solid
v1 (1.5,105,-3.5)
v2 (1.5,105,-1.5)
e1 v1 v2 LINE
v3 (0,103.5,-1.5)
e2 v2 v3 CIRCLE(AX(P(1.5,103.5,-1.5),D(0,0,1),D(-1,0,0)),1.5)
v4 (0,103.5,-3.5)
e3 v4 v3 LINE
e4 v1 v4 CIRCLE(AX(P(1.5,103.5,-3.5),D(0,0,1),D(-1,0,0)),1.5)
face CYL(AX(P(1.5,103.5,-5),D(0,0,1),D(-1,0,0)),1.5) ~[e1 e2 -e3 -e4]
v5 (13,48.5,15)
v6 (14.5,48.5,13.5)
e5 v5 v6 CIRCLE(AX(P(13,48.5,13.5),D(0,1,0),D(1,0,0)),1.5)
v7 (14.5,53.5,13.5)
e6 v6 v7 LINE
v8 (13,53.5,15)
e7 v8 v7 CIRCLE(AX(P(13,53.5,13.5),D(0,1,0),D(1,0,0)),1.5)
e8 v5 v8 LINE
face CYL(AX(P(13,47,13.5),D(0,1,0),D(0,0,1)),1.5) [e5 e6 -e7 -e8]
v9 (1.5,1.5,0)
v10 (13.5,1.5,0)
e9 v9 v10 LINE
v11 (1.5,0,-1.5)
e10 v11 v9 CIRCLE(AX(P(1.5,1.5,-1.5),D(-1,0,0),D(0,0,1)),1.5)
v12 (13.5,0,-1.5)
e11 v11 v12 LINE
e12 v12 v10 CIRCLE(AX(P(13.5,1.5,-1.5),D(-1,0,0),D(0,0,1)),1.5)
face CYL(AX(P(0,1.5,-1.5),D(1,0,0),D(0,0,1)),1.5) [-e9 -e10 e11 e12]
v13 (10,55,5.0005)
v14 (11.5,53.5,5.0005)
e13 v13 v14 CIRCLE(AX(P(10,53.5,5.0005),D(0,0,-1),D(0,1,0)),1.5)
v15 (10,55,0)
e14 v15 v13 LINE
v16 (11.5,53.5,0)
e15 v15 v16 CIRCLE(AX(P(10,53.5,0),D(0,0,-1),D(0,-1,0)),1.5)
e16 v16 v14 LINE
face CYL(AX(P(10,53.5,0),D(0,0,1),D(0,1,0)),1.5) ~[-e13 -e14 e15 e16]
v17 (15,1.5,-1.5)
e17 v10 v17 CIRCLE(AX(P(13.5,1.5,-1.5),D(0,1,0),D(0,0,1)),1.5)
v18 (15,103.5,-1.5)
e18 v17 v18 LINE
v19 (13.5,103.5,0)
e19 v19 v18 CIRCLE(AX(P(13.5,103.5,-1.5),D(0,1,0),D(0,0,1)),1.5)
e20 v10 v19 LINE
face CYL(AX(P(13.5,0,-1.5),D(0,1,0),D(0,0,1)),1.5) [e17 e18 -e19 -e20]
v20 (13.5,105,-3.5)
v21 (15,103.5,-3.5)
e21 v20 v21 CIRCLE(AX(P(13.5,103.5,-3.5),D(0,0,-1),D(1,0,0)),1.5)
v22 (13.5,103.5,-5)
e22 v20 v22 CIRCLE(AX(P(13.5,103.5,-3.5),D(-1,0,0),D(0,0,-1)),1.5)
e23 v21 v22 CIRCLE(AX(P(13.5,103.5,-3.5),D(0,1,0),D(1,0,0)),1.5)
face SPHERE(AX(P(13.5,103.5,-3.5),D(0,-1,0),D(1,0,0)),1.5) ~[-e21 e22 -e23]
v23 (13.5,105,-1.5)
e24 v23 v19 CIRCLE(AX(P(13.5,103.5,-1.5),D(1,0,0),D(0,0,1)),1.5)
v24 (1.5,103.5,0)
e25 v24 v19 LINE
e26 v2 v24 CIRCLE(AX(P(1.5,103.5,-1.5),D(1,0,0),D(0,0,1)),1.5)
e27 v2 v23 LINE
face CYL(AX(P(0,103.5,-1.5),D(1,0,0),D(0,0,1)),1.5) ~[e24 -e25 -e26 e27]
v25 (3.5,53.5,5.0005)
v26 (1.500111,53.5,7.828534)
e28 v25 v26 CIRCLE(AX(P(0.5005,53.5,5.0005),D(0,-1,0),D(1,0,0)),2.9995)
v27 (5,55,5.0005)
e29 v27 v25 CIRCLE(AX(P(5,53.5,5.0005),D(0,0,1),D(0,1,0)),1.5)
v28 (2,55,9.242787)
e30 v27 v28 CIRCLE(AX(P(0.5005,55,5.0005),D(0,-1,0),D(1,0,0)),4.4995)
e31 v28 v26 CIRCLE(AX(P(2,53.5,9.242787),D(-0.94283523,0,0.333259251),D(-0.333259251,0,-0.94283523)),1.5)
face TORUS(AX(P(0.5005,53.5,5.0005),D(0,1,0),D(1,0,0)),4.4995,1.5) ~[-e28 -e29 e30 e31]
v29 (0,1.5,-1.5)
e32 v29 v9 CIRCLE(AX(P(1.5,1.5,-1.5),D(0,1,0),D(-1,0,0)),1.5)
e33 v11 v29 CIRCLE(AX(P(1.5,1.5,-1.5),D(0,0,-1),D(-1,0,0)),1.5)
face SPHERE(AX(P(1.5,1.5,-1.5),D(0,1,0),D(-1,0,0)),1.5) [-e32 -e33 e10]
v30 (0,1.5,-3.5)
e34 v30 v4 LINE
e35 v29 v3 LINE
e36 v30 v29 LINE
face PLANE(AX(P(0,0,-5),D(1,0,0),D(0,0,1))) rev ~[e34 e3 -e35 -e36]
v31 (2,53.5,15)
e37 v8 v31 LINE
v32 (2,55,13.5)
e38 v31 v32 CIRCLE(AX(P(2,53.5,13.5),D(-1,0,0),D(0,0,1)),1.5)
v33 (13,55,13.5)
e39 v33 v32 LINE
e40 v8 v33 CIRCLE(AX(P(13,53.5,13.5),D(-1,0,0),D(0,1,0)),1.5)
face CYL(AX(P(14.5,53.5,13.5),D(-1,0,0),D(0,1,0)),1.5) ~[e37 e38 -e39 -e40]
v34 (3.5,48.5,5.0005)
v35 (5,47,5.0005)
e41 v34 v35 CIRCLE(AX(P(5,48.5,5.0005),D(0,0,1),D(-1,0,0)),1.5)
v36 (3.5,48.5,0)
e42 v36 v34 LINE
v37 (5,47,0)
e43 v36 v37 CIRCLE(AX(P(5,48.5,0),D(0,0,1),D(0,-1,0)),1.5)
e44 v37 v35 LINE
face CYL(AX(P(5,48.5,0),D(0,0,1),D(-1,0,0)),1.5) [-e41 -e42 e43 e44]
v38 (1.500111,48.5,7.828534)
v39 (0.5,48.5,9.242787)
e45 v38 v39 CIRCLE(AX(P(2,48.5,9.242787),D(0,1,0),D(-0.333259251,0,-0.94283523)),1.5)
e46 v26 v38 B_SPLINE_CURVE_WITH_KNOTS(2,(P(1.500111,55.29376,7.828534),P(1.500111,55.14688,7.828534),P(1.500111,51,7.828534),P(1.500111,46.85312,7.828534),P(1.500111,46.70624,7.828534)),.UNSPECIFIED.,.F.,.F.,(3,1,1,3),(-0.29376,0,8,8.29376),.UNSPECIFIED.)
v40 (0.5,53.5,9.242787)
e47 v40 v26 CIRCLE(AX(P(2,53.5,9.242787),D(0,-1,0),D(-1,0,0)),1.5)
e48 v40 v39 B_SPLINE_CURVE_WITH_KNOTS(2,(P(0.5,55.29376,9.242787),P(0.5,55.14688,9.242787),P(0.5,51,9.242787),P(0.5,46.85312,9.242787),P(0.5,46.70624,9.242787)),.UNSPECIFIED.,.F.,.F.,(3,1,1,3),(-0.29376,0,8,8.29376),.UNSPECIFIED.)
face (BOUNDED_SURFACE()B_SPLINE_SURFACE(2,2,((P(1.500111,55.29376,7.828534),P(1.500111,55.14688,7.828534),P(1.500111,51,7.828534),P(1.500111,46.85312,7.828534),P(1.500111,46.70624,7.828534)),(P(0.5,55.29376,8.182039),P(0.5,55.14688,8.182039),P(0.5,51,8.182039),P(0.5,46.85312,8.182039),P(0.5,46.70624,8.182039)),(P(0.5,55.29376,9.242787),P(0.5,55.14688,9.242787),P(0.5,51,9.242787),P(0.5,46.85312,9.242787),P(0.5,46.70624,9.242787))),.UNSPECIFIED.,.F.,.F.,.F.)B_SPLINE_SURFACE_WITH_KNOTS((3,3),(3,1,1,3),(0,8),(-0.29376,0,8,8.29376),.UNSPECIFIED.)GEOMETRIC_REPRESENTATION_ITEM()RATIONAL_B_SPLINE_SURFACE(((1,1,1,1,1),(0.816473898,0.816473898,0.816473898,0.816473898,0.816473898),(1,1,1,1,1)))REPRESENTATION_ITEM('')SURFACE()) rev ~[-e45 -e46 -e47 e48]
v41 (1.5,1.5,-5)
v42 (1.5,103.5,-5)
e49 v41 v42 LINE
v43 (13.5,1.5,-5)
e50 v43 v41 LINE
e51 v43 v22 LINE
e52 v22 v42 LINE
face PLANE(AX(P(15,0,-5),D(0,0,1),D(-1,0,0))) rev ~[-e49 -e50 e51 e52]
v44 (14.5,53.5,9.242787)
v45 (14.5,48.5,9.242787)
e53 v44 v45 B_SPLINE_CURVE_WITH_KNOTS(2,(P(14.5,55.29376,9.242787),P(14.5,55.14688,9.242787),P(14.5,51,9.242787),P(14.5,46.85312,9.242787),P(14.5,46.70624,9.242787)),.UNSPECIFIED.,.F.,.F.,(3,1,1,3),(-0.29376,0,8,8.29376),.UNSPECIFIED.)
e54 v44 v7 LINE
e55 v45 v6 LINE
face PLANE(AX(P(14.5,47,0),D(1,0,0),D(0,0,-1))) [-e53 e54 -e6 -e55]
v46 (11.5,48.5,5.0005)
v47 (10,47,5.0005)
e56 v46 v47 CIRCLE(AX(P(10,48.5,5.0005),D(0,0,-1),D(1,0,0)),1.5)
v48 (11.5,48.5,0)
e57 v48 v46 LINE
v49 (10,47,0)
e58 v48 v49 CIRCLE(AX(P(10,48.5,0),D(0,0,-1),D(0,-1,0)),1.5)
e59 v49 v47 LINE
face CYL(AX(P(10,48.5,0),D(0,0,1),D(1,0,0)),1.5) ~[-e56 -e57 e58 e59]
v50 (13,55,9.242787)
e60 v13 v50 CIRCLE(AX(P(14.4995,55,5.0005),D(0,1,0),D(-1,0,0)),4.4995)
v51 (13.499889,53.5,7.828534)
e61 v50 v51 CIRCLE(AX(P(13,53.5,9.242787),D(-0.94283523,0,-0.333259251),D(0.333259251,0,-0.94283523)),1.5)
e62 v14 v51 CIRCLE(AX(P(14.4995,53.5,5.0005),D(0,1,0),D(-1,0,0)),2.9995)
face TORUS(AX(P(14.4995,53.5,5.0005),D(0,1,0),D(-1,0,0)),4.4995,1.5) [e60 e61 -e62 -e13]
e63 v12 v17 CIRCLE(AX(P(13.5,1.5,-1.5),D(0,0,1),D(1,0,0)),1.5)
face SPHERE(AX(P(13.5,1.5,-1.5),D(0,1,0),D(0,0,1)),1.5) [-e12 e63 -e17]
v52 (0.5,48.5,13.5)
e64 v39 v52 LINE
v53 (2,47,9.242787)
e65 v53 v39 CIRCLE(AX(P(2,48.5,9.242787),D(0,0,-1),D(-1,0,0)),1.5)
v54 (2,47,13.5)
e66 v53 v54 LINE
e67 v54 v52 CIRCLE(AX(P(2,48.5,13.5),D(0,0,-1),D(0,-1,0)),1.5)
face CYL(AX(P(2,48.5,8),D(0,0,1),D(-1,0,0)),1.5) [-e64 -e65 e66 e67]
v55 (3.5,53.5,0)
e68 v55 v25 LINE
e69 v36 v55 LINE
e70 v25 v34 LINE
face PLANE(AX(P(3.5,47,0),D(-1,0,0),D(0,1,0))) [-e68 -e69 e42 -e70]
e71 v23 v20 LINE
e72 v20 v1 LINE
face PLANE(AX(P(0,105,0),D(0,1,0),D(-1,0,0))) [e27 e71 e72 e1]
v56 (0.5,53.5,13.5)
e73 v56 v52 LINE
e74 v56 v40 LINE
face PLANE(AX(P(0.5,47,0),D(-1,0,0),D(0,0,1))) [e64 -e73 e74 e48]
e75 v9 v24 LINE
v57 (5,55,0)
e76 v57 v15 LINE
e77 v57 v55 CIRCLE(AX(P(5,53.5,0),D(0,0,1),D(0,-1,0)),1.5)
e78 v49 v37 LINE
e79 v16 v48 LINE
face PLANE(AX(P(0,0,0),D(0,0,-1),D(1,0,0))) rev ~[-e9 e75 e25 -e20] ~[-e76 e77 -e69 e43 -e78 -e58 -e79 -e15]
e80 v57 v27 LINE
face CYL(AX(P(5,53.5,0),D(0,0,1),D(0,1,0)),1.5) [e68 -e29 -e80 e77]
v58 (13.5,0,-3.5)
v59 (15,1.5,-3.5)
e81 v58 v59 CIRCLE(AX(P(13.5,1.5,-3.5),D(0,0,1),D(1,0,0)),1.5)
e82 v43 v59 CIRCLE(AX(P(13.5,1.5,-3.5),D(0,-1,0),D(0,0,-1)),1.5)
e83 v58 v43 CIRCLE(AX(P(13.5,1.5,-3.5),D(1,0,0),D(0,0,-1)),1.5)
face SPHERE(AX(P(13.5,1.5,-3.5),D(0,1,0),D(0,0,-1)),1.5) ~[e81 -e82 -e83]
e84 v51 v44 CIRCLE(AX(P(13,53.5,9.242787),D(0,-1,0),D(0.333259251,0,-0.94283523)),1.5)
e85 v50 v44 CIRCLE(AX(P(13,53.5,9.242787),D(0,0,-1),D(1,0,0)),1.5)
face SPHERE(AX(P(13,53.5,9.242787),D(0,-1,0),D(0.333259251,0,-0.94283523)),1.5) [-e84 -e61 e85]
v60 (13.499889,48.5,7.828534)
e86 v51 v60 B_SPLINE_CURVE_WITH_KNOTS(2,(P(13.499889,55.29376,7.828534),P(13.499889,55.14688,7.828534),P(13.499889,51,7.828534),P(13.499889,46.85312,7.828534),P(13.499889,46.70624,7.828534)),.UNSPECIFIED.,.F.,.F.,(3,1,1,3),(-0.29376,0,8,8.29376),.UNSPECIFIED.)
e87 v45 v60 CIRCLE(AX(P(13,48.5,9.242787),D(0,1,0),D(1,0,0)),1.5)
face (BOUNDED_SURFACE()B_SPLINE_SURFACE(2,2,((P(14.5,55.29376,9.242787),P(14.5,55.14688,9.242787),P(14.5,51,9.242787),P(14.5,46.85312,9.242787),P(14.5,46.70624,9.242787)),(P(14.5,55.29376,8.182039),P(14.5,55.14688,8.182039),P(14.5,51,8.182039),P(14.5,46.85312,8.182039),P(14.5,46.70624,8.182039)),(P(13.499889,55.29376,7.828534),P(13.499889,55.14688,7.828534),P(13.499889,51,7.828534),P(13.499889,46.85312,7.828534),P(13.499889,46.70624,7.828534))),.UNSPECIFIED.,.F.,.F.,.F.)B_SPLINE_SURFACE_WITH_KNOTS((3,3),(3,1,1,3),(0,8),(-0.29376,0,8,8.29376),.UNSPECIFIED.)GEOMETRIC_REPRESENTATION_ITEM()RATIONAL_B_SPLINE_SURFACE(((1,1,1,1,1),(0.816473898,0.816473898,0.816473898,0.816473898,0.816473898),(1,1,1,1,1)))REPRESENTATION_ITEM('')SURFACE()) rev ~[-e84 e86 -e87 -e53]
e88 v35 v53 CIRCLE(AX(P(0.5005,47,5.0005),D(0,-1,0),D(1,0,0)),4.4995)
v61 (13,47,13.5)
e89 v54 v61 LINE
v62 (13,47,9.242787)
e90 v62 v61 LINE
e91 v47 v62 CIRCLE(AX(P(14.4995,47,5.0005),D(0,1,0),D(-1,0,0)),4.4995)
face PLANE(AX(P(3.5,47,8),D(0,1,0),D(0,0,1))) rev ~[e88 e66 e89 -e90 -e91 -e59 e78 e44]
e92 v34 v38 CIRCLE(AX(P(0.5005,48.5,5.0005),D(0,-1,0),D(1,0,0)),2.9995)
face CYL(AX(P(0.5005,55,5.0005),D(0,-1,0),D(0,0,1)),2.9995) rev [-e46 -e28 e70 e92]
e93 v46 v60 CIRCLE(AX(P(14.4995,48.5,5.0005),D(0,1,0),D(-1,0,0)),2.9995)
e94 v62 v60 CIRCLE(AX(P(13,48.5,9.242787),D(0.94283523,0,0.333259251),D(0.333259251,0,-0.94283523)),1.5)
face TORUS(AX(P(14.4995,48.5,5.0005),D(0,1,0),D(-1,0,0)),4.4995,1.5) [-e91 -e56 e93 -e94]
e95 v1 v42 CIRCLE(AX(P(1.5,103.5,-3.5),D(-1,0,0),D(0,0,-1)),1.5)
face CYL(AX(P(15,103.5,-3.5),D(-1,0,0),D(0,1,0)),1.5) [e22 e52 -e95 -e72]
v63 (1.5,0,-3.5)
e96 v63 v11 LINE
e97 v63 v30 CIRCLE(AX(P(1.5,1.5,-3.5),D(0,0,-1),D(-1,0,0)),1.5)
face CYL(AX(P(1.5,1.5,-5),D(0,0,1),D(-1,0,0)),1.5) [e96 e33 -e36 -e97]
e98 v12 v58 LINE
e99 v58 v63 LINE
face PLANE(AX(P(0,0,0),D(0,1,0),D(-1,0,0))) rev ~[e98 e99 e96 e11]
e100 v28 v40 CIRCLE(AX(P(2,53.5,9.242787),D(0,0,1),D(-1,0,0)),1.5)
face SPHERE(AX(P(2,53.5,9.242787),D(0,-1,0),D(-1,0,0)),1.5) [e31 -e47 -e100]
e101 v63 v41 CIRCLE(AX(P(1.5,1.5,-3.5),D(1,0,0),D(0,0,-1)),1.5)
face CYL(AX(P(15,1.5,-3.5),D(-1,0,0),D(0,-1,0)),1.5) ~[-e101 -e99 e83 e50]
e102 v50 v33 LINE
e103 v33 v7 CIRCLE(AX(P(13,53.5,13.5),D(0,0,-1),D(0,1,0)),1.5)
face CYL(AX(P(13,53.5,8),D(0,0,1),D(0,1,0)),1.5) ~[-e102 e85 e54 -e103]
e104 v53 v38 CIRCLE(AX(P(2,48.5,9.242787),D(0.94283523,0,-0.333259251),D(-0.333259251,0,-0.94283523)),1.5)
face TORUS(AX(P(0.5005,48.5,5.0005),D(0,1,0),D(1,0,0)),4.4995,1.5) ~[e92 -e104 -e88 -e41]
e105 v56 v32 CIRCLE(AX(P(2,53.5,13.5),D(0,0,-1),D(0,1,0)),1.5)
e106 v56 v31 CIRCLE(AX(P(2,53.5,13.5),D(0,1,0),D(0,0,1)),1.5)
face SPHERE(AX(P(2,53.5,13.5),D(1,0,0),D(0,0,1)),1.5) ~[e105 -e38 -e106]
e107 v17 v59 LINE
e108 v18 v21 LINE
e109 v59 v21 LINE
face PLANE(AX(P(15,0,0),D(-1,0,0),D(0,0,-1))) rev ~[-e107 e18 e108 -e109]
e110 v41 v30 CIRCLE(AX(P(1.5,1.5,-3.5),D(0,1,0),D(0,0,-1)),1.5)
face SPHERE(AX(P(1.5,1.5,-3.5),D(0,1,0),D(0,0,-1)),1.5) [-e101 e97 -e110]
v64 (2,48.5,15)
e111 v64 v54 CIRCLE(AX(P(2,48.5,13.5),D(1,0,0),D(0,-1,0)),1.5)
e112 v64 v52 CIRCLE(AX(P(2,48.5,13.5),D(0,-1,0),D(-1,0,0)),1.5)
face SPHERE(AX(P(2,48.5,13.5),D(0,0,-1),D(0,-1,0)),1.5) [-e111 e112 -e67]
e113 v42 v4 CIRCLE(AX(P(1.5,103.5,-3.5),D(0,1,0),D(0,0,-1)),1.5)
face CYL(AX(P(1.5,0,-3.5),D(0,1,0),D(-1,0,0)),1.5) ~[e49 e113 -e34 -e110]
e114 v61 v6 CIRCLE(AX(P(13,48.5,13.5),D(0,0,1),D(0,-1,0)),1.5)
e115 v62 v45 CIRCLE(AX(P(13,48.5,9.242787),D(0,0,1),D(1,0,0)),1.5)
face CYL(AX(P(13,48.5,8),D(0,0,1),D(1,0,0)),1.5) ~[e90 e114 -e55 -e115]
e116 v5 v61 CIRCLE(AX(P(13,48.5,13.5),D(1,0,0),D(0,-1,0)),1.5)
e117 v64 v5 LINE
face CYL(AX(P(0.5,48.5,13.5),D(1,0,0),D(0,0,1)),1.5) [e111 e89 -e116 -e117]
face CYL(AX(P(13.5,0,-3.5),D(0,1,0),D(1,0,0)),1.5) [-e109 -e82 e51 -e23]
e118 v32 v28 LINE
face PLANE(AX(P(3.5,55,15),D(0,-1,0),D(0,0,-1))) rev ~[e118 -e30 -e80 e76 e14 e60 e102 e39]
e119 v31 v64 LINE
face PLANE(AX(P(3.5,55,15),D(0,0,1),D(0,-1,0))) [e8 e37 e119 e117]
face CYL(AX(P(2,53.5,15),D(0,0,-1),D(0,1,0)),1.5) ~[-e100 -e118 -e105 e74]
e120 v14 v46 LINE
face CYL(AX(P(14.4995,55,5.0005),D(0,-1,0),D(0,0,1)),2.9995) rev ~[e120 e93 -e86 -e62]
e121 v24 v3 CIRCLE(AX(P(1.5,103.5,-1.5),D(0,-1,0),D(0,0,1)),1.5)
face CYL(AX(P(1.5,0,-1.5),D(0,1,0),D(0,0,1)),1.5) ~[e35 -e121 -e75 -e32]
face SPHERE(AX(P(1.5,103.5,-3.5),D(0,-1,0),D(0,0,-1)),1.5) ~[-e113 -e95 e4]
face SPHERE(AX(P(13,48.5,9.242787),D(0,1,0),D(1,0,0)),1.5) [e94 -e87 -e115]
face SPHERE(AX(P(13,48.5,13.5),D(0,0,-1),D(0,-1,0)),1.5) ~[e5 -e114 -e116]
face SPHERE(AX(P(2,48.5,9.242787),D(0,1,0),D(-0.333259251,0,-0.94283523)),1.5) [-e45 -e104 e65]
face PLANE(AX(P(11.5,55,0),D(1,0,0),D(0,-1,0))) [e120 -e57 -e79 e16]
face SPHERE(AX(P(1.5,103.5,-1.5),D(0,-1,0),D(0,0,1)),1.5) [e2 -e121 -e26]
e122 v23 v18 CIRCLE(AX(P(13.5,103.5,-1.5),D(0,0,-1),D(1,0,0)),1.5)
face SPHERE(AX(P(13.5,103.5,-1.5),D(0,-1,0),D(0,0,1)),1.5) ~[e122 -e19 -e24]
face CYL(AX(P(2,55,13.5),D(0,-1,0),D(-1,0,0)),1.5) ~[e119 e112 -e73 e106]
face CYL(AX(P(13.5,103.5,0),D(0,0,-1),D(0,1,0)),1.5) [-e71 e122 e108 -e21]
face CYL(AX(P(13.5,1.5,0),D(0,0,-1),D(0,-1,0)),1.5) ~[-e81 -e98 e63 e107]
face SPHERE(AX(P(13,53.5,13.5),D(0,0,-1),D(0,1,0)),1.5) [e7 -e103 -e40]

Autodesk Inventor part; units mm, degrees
ref_plane "YZ Plane" through (0, 0, 0) normal (1, 0, 0) x (0, 1, 0)
ref_plane "XZ Plane" through (0, 0, 0) normal (0, 1, 0) x (-1, 0, 0)
ref_plane "XY Plane" through (0, 0, 0) normal (0, 0, 1) x (1, 0, 0)
sketch "Sketch1" plane through (0, 0, 0) normal (0, 1, 0) x (-1, 0, 0)
  line L0 (0, 0) -> (-15, 0)
  line L1 (-15, 0) -> (-15, -5)
  line L2 (-15, -5) -> (0, -5)
  line L3 (0, -5) -> (0, 0)
  dimension "d2" = 15
  dimension "d3" = 5
extrude "Extrusion1" add sketch "Sketch1" along normal blind 105
sketch "Sketch2" plane through (0, 0, 0) normal (0, 0, 1) x (1, 0, 0)
  line L0 (3.5, 55) -> (11.5, 55)
  line L1 (11.5, 55) -> (11.5, 47)
  line L2 (11.5, 47) -> (3.5, 47)
  line L3 (3.5, 47) -> (3.5, 55)
  line L4 (0, 0) -> (15, 0) projected
  point P0 (7.5, 47)
  point P1 (7.5, 0)
  dimension "d6" = 8
  dimension "d7" = 8
  dimension "d8" = 55
extrude "Extrusion2" add sketch "Sketch2" along normal blind 15
sketch "Sketch3" plane through (11.5, 47, 0) normal (1, 0, 0) x (0, 0, -1)
  line L0 (0, 8) -> (-15, 8) projected
  line L1 (-15, 8) -> (-8, 8)
  line L2 (-8, 8) -> (-8, 0)
  line L3 (-8, 0) -> (-15, 0)
  line L4 (-15, 0) -> (-15, 8)
  point P0 (0, -47)
  dimension "d11" = 7
  dimension "d12" = 8
extrude "Extrusion3" add sketch "Sketch3" along normal blind 3
sketch "Sketch4" plane through (3.5, 47, 0) normal (-1, 0, 0) x (0, 0, 1)
  line L0 (15, 8) -> (15, 0) projected
  line L1 (15, 8) -> (8, 8)
  line L2 (8, 8) -> (8, 0)
  line L3 (8, 0) -> (15, 0)
  line L4 (15, 0) -> (15, 8)
  point P0 (0, -47)
  dimension "d15" = 7
  dimension "d16" = 8
extrude "Extrusion4" add sketch "Sketch4" along normal blind 3
fillet "Fillet1" radius 3 2 edges at (3.5, 51, 8) (11.5, 51, 8)
fillet "Fillet2" radius 1.5 20 edges at (14.4998, 47, 8) (14.5, 51, 8) (14.4997, 55, 8) (14.4995, 51, 8) (11.5, 55, 2.5002) (14.5, 55, 11.5) (11.5, 47, 2.5002) (3.5, 47, 2.5002) (0.5, 47, 11.5) (14.5, 47, 11.5) (7.5, 47, 15) (7.5, 55, 15) (0.5, 51, 15) (14.5, 51, 15) (0.5003, 47, 8) (0.5003, 55, 8) (0.5005, 51, 8) (0.5, 51, 8) (3.5, 55, 2.5002) (0.5, 55, 11.5)
fillet "Fillet3" radius 1.5 12 edges at (15, 52.5, 0) (0, 52.5, 0) (0, 52.5, -5) (15, 52.5, -5) (7.5, 105, 0) (15, 105, -2.5) (7.5, 105, -5) (0, 105, -2.5) (7.5, 0, -5) (0, 0, -2.5) (7.5, 0, 0) (15, 0, -2.5)
properties part number "Latch Slide" material "Steel"
